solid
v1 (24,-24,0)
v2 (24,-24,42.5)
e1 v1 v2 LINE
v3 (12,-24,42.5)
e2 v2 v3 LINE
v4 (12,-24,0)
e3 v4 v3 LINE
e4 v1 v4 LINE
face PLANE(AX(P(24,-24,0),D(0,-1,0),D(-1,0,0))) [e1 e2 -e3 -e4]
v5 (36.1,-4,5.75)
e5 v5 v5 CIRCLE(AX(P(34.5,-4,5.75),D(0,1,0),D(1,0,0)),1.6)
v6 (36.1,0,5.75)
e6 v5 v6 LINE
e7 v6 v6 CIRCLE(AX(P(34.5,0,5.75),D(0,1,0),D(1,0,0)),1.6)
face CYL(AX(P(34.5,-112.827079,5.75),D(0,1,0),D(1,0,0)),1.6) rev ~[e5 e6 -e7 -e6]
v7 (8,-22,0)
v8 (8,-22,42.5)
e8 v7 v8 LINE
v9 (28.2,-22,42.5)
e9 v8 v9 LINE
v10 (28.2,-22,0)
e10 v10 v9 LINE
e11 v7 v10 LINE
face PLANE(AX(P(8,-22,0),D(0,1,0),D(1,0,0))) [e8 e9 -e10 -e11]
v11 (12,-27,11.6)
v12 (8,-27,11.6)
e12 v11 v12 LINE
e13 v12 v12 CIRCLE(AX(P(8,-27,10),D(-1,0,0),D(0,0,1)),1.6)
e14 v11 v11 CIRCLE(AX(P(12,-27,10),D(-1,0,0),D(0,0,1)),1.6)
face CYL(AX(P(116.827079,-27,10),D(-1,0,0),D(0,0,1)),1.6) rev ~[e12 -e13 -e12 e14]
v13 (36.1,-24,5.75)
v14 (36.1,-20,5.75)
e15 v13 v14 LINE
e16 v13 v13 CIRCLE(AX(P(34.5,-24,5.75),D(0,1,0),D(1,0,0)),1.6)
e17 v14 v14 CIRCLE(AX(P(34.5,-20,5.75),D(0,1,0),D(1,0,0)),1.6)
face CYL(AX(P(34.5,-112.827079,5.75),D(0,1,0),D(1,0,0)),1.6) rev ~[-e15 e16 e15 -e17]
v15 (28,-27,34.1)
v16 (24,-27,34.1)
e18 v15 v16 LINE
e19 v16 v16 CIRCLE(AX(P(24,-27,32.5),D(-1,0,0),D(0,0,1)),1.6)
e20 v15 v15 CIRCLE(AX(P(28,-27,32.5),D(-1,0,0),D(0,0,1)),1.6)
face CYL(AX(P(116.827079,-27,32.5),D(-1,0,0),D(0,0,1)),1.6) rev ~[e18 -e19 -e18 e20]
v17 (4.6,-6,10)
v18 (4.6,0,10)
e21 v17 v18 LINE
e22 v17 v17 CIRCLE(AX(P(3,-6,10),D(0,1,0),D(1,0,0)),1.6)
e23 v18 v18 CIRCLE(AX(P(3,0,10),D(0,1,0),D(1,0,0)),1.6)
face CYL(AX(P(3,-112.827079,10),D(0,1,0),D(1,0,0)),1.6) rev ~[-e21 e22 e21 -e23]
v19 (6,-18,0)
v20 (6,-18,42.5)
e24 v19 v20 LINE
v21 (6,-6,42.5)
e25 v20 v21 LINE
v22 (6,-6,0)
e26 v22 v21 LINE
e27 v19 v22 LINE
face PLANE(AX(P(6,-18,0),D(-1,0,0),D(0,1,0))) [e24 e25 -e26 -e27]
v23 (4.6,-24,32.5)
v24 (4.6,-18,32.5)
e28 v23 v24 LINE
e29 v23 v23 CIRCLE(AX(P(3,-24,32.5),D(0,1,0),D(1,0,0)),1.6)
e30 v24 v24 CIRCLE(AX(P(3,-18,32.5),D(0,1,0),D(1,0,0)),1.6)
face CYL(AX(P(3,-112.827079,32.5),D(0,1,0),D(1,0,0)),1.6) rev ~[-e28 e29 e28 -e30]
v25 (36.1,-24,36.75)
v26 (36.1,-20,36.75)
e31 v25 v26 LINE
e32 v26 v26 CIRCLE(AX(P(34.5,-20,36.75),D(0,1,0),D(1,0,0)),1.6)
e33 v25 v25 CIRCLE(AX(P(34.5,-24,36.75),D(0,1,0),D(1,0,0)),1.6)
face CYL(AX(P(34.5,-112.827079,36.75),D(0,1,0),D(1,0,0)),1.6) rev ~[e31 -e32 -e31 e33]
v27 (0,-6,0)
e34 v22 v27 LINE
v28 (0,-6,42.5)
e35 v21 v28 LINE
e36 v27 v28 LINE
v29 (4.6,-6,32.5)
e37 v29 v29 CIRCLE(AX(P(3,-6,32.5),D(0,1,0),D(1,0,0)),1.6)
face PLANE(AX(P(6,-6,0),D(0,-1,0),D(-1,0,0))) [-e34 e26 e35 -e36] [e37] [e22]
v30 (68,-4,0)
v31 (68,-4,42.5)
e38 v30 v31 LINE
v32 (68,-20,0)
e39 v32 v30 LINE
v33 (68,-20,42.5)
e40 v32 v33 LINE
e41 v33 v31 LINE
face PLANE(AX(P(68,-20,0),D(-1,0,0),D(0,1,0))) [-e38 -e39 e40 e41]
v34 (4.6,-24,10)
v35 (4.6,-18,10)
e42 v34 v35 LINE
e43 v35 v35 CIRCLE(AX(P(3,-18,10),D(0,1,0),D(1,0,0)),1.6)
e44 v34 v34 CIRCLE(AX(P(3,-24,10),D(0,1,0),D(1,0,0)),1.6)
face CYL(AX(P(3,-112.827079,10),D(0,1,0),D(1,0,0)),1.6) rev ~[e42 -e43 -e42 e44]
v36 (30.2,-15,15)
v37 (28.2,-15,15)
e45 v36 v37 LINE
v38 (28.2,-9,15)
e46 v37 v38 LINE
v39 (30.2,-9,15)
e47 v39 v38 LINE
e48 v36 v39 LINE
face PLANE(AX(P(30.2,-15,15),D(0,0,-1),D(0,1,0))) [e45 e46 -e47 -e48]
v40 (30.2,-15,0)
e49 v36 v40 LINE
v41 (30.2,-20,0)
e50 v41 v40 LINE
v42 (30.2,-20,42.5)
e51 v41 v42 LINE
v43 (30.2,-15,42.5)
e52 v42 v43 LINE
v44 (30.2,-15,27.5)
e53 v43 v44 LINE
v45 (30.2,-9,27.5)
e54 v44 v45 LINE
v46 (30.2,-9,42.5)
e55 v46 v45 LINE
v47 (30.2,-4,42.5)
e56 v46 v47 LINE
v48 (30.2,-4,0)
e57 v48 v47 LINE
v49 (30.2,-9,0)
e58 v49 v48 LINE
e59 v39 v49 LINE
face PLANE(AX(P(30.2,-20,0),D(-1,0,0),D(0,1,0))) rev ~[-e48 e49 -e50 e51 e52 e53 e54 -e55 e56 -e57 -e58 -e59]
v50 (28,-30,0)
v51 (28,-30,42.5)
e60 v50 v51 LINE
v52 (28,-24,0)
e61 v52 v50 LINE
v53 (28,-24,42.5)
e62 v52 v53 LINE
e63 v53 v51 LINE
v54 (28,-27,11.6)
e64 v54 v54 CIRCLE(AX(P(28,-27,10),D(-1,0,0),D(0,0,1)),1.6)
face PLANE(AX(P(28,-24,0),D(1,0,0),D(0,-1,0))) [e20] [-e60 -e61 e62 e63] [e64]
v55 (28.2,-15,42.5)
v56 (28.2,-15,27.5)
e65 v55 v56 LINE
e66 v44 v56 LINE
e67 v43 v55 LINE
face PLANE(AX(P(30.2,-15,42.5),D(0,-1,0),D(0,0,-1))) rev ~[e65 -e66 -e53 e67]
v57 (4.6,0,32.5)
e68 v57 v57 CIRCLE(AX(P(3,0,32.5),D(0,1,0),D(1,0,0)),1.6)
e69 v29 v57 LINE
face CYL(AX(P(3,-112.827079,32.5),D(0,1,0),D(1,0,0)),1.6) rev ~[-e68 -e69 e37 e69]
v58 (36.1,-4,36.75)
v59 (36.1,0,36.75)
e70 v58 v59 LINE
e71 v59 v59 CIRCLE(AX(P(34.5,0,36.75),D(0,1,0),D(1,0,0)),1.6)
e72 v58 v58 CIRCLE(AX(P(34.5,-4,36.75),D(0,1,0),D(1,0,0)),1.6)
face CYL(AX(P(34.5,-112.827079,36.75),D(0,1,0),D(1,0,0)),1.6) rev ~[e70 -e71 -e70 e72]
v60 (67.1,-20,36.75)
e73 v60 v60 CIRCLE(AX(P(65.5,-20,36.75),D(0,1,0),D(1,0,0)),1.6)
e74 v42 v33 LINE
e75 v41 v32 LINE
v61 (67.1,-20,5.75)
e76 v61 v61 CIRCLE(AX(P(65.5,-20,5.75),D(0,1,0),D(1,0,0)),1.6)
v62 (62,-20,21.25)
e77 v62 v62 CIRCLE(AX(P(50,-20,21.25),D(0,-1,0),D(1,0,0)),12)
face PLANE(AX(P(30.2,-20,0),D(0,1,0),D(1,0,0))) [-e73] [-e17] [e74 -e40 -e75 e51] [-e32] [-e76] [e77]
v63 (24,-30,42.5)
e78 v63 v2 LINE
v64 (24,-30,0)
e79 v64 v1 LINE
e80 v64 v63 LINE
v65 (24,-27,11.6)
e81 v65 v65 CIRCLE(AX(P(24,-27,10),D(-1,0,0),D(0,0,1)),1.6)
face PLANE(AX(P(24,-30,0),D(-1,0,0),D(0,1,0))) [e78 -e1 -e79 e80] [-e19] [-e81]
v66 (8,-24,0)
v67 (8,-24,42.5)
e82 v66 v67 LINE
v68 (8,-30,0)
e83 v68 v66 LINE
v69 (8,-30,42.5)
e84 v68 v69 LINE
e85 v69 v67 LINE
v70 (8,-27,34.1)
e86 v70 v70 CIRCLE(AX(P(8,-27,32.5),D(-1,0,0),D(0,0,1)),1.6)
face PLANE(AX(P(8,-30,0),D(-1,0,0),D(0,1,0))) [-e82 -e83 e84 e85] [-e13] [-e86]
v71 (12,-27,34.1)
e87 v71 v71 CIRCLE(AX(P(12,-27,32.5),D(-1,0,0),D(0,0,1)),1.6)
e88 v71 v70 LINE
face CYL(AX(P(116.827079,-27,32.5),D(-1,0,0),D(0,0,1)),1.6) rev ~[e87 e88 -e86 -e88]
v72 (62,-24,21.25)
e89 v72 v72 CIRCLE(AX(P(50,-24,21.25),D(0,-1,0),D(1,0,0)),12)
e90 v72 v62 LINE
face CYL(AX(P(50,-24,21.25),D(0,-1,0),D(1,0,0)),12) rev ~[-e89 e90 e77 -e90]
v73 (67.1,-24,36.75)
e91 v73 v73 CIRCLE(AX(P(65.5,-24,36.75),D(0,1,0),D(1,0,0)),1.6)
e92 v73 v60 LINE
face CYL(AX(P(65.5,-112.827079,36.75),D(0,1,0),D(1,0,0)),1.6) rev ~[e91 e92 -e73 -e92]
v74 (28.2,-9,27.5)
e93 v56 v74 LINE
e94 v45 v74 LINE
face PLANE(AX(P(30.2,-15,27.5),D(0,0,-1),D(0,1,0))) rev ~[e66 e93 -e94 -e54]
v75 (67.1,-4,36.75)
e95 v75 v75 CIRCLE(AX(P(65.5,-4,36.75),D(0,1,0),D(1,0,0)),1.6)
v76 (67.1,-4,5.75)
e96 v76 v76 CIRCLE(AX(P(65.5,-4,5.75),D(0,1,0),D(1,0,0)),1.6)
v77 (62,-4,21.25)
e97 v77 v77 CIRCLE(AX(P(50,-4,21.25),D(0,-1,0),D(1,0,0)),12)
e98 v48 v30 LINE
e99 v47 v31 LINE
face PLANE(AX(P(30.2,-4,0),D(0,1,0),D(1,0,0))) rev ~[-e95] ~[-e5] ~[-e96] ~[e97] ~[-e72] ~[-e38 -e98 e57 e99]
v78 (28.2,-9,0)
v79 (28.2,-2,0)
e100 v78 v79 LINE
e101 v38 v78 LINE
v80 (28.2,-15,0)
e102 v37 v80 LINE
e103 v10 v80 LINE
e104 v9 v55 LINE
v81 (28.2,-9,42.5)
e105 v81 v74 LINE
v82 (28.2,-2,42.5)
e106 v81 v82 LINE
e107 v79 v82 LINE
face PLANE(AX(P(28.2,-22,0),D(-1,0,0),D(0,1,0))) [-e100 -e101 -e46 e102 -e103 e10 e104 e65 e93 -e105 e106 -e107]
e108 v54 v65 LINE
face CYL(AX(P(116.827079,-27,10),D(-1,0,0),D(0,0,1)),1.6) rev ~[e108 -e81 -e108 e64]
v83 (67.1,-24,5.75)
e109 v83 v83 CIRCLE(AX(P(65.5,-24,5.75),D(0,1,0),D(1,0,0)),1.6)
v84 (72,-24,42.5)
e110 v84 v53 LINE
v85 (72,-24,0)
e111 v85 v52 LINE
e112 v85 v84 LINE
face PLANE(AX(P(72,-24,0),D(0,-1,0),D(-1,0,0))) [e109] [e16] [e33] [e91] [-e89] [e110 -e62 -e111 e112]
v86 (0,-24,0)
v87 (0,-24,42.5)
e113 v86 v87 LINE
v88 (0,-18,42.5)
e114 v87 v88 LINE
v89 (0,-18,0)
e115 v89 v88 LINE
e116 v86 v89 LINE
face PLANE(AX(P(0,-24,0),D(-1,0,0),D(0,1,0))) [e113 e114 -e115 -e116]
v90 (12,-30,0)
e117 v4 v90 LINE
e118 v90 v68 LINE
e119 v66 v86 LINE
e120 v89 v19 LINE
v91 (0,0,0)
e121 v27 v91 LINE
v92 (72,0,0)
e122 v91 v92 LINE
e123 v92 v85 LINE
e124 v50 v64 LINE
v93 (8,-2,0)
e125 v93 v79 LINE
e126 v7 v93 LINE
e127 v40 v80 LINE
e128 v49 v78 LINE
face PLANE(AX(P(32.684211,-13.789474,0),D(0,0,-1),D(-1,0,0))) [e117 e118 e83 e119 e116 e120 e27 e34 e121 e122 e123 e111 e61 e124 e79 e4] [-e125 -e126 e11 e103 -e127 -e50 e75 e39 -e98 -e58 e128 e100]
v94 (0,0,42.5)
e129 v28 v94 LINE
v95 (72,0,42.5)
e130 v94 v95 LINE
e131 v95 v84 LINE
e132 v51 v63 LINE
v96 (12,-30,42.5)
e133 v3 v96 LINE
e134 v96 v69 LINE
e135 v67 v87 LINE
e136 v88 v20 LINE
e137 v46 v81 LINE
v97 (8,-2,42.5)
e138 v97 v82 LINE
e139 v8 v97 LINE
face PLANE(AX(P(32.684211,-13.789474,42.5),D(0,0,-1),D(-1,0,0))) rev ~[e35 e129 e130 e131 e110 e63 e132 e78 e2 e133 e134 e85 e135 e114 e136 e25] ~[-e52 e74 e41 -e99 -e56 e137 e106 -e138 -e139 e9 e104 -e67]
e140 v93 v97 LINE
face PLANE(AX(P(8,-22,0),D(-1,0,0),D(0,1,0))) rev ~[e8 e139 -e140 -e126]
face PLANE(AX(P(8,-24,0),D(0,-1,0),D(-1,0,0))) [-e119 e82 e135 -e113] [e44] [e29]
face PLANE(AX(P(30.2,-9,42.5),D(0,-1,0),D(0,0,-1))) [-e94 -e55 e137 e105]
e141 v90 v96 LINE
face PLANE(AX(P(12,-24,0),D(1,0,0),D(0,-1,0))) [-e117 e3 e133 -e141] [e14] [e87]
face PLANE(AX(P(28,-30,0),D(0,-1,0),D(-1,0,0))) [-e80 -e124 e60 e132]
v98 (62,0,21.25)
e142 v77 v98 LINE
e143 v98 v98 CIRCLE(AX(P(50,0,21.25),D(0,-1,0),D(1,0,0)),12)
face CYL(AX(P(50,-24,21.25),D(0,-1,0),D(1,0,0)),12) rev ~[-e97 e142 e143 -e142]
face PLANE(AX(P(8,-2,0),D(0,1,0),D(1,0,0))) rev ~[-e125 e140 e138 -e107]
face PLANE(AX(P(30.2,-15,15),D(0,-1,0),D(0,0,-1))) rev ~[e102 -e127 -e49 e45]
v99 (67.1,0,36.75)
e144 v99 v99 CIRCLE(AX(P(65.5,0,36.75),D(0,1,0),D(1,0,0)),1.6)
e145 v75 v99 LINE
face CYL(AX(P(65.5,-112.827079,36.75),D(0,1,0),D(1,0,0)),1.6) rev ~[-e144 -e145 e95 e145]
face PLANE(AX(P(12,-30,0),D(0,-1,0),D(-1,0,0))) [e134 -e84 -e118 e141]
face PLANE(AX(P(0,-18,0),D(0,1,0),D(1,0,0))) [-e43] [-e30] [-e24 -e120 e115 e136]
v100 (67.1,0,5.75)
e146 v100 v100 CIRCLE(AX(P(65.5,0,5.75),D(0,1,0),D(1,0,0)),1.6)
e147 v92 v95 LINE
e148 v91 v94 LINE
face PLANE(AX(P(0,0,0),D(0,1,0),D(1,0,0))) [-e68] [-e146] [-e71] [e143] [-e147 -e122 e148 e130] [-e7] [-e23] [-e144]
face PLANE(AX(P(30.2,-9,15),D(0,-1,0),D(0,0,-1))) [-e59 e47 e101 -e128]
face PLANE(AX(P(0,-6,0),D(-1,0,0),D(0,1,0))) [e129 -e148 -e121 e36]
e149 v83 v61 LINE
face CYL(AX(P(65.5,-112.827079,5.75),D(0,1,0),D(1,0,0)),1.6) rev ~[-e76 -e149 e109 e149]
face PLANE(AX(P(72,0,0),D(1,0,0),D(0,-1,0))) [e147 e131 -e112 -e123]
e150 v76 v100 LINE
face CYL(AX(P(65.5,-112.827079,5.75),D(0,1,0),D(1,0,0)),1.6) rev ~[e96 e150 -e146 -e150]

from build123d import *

# Parameters (mm, degrees)
ESQUISSE1_W             = 20.2
ESQUISSE1_H             = 20
ESQUISSE1_W_2           = 37.8
ESQUISSE1_H_2           = 16
BOSS_EXTRU_1_DEPTH      = 42.5
ESQUISSE2_R             = 12
ENL_V_MAT_EXTRU_1_DEPTH = 25
D_GAGEMENT_M31_D        = 3.2
D_GAGEMENT_M32_D        = 3.2
D_GAGEMENT_M33_D        = 3.2
ENL_V_MAT_EXTRU_2_REACH = 32.2
ESQUISSE11_W            = 15
ESQUISSE11_H            = 6


with BuildPart() as part:
    # Esquisse1 → Boss.-Extru.1 (new body)
    with BuildSketch(Plane.XY):
        Polygon((0, 0), (72, 0), (72, -24), (28, -24), (28, -30), (24, -30), (24, -24), (12, -24), (12, -30), (8, -30), (8, -24), (0, -24), (0, -18), (6, -18), (6, -6), (0, -6), align=None)
        with Locations((18.1, -12)):
            Rectangle(ESQUISSE1_W, ESQUISSE1_H, mode=Mode.SUBTRACT)
        with Locations((49.1, -12)):
            Rectangle(ESQUISSE1_W_2, ESQUISSE1_H_2, mode=Mode.SUBTRACT)
    extrude(amount=BOSS_EXTRU_1_DEPTH)

    # Esquisse2 → Enlèv. mat.-Extru.1 (cut, through all)
    with BuildSketch(Plane.XZ.offset(24)):
        with Locations((50, 21.25)):
            Circle(ESQUISSE2_R)
    extrude(amount=-ENL_V_MAT_EXTRU_1_DEPTH, mode=Mode.SUBTRACT)

    # Dégagement M31 (through all)
    with Locations(Plane(origin=(0, -24, 0), x_dir=(-1, 0, 0), z_dir=(0, -1, 0))):
        with Locations((-50, -21.25), (-34.5, -5.75), (-65.5, -36.75), (-65.5, -5.75), (-34.5, -36.75)):
            Hole(D_GAGEMENT_M31_D / 2)

    # Dégagement M32 (through all)
    with Locations(Plane(origin=(28, 0, 0), x_dir=(0, 0, -1), z_dir=(1, 0, 0))):
        with Locations((-10, -27), (-32.5, -27)):
            Hole(D_GAGEMENT_M32_D / 2)

    # Dégagement M33 (through all)
    with Locations(Plane(origin=(0, -24, 0), x_dir=(-1, 0, 0), z_dir=(0, -1, 0))):
        with Locations((-3, -10), (-3, -32.5)):
            Hole(D_GAGEMENT_M33_D / 2)

    # Esquisse11 → Enlèv. mat.-Extru.2 (cut, up to next)
    with BuildSketch(Plane(origin=(30.2, 0, 0), x_dir=(0, 0, -1), z_dir=(1, 0, 0)), mode=Mode.PRIVATE) as enl_v_mat_extru_2_sk1:
        with Locations((-7.5, -12)):
            Rectangle(ESQUISSE11_W, ESQUISSE11_H)
    enl_v_mat_extru_2_tool1 = extrude(enl_v_mat_extru_2_sk1.sketch, amount=-ENL_V_MAT_EXTRU_2_REACH, mode=Mode.PRIVATE) & part.part
    add(enl_v_mat_extru_2_tool1.solids().sort_by_distance((30.2, -12, 7.5))[0], mode=Mode.SUBTRACT)
    # Esquisse11 → Enlèv. mat.-Extru.2 (cut, up to next)
    with BuildSketch(Plane(origin=(30.2, 0, 0), x_dir=(0, 0, -1), z_dir=(1, 0, 0)), mode=Mode.PRIVATE) as enl_v_mat_extru_2_sk2:
        with Locations((-35, -12)):
            Rectangle(ESQUISSE11_W, ESQUISSE11_H)
    enl_v_mat_extru_2_tool2 = extrude(enl_v_mat_extru_2_sk2.sketch, amount=-ENL_V_MAT_EXTRU_2_REACH, mode=Mode.PRIVATE) & part.part
    add(enl_v_mat_extru_2_tool2.solids().sort_by_distance((30.2, -12, 35))[0], mode=Mode.SUBTRACT)


solid = part.part
